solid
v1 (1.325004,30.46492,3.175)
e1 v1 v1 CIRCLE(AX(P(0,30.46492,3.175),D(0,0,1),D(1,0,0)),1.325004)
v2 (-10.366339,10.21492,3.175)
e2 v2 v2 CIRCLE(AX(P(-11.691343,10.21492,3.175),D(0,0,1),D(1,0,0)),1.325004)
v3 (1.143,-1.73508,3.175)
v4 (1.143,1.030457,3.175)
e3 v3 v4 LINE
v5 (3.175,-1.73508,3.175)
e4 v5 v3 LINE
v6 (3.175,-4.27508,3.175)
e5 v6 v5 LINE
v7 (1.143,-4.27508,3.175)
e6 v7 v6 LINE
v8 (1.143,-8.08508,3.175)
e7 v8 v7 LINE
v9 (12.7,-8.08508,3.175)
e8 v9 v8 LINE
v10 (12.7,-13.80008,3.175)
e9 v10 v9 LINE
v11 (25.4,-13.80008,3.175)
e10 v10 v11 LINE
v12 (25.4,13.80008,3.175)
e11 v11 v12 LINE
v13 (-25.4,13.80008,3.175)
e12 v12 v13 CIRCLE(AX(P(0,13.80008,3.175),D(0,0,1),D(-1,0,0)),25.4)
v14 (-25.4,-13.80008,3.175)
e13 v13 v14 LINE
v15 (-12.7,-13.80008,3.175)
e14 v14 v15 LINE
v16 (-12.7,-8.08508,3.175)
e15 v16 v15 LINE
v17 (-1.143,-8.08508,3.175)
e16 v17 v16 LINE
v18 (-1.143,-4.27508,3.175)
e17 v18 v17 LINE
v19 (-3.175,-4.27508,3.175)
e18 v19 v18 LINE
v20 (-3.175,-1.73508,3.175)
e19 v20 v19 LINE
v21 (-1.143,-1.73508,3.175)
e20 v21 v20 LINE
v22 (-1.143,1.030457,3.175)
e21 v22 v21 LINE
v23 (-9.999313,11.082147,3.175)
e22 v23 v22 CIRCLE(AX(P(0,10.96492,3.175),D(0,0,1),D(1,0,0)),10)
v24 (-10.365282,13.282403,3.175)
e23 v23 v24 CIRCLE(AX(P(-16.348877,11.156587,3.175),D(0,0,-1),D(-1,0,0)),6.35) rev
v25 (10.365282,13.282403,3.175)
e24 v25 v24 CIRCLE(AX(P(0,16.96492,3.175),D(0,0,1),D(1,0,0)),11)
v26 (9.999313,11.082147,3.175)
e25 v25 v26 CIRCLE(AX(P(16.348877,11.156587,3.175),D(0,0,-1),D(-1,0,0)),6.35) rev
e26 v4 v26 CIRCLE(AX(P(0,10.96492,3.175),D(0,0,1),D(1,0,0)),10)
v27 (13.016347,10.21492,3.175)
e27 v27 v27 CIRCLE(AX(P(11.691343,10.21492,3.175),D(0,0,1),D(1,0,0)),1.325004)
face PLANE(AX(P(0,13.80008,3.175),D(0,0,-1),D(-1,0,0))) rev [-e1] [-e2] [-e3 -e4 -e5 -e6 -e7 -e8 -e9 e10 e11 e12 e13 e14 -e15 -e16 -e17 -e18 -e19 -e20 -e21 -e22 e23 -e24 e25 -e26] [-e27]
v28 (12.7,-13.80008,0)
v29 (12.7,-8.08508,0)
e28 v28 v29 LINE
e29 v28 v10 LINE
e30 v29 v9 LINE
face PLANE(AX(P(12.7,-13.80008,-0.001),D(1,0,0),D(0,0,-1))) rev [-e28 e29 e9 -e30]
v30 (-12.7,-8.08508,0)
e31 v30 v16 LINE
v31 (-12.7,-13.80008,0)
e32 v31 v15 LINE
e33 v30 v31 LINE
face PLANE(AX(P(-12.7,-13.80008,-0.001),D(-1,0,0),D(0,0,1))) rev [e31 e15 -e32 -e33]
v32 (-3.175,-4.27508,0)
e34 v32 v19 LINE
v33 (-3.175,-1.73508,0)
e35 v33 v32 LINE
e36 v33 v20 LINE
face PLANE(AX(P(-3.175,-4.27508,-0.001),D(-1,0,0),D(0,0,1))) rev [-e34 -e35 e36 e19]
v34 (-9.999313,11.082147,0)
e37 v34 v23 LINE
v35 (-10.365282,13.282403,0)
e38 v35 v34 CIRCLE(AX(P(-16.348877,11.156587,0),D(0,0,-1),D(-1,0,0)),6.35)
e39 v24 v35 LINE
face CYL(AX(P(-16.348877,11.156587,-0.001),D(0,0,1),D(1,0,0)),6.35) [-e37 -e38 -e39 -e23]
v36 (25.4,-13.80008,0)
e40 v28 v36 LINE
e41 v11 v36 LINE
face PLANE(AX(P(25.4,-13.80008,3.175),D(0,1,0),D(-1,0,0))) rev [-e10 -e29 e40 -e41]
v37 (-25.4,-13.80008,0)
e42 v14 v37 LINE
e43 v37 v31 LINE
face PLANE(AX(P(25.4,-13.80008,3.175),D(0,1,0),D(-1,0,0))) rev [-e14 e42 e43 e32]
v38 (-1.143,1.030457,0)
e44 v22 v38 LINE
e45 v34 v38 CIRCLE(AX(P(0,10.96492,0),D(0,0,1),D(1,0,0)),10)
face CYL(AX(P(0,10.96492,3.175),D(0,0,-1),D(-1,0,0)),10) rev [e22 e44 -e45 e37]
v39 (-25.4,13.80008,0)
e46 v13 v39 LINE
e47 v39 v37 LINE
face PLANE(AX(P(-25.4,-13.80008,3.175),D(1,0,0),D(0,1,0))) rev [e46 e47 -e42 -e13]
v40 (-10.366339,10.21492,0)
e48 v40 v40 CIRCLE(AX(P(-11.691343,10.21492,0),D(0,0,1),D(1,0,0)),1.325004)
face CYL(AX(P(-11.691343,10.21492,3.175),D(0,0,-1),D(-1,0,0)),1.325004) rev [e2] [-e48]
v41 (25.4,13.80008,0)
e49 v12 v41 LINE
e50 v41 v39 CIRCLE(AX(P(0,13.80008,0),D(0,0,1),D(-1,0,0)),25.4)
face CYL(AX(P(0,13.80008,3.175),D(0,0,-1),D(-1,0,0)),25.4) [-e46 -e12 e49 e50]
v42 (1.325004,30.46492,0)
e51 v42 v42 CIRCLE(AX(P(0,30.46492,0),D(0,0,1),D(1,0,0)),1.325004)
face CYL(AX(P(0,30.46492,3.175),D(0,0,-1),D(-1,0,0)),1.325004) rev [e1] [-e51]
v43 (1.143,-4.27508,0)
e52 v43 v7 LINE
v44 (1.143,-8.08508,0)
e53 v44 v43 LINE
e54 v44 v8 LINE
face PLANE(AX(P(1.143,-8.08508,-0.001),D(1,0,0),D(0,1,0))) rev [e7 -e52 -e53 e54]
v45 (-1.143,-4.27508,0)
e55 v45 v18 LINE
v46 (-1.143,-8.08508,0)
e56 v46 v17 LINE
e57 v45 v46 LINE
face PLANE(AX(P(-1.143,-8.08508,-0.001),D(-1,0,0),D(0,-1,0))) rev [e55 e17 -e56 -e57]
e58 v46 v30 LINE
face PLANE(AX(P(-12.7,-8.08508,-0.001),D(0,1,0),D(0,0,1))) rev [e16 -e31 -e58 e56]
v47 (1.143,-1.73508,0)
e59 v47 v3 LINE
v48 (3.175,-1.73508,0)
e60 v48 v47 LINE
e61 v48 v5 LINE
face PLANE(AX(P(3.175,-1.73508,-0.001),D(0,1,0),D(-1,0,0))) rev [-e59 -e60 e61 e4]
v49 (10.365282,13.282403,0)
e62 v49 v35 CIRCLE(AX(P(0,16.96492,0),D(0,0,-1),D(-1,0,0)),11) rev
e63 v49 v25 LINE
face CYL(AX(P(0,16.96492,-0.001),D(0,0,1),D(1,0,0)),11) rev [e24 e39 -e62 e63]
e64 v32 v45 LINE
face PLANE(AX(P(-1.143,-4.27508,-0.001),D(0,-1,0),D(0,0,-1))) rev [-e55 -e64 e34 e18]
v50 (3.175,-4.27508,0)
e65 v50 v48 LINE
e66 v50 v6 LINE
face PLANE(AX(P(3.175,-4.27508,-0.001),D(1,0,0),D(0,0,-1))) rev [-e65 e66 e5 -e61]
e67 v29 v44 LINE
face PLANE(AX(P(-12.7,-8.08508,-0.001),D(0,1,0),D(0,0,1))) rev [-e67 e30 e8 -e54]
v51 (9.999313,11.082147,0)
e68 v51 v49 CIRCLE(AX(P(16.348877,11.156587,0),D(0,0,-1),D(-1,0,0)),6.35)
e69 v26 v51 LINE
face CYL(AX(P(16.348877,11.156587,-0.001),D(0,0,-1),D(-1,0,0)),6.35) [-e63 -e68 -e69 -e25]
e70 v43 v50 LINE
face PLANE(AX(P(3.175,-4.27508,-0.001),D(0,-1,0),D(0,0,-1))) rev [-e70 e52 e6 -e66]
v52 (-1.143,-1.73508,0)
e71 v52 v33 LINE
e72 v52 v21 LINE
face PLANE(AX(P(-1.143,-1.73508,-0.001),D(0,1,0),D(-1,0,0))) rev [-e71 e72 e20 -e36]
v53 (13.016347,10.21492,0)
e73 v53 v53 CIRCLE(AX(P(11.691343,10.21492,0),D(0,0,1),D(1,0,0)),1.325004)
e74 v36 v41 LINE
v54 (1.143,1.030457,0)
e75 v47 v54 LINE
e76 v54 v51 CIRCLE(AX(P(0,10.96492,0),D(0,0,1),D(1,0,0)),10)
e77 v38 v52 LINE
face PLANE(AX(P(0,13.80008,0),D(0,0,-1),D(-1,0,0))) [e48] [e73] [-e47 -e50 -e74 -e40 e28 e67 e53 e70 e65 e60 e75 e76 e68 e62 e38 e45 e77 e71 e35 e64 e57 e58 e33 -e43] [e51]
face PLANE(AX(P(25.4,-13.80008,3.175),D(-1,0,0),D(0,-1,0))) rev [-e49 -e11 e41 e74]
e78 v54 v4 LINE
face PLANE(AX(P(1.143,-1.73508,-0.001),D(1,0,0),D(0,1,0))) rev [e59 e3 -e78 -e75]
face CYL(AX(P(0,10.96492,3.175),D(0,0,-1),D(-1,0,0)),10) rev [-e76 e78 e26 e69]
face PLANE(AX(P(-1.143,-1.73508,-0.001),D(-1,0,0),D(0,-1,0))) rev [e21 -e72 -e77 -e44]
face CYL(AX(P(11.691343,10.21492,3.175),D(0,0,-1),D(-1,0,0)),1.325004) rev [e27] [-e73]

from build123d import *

# Parameters (mm, degrees)
BOSS_EXTRUDE1_DEPTH = 3.175
CUT_EXTRUDE1_REACH  = 48.818
SKETCH2_R           = 11
CUT_EXTRUDE2_REACH  = 48.818
SKETCH3_W           = 25.4
SKETCH3_H           = 5.715
CUT_EXTRUDE4_REACH  = 48.818
SKETCH6_R           = 1.3250037
CUT_EXTRUDE6_DEPTH  = 47.817591721
SKETCH7_R           = 10
CUT_EXTRUDE7_DEPTH  = 47.817591721
FILLET1_R           = 6.35


with BuildPart() as part:
    # Sketch1 → Boss-Extrude1 (new body)
    with BuildSketch(Plane.XY):
        with BuildLine():
            Line((25.4, -13.800079969), (-25.4, -13.800079969))
            Line((-25.4, -13.800079969), (-25.4, 13.800079969))
            ThreePointArc((-25.4, 13.800079969), (0, 39.200079969), (25.4, 13.800079969))
            Line((25.4, 13.800079969), (25.4, -13.800079969))
        make_face()
    extrude(amount=BOSS_EXTRUDE1_DEPTH)

    # Sketch2 → Cut-Extrude1 (cut, up to next)
    with BuildSketch(Plane.XY.offset(3.175), mode=Mode.PRIVATE) as cut_extrude1_sk1:
        with Locations((0, 16.964919969)):
            Circle(SKETCH2_R)
    cut_extrude1_tool1 = extrude(cut_extrude1_sk1.sketch, amount=-CUT_EXTRUDE1_REACH, mode=Mode.PRIVATE) & part.part
    add(cut_extrude1_tool1.solids().sort_by_distance((0, 16.96492, 3.175))[0], mode=Mode.SUBTRACT)

    # Sketch3 → Cut-Extrude2 (cut, up to next)
    with BuildSketch(Plane.XY.offset(3.175), mode=Mode.PRIVATE) as cut_extrude2_sk1:
        with Locations((0, -10.942579969)):
            Rectangle(SKETCH3_W, SKETCH3_H)
    cut_extrude2_tool1 = extrude(cut_extrude2_sk1.sketch, amount=-CUT_EXTRUDE2_REACH, mode=Mode.PRIVATE) & part.part
    add(cut_extrude2_tool1.solids().sort_by_distance((0, -10.94258, 3.175))[0], mode=Mode.SUBTRACT)

    # Sketch5 → Cut-Extrude4 (cut, up to next)
    with BuildSketch(Plane.XY.offset(3.175), mode=Mode.PRIVATE) as cut_extrude4_sk1:
        Polygon((3.175, -4.275079969), (1.143, -4.275079969), (1.143, -8.085079969), (-1.143, -8.085079969), (-1.143, -4.275079969), (-3.175, -4.275079969), (-3.175, -1.735079969), (-1.143, -1.735079969), (-1.143, 7.154920031), (1.143, 7.154920031), (1.143, -1.735079969), (3.175, -1.735079969), align=None)
    cut_extrude4_tool1 = extrude(cut_extrude4_sk1.sketch, amount=-CUT_EXTRUDE4_REACH, mode=Mode.PRIVATE) & part.part
    add(cut_extrude4_tool1.solids().sort_by_distance((0, -1.045651, 3.175))[0], mode=Mode.SUBTRACT)

    # Sketch6 → Cut-Extrude6 (cut, through all)
    with BuildSketch(Plane.XY):
        with Locations((0, 30.464919969)):
            Circle(SKETCH6_R)
        with Locations((11.691342951, 10.214919969)):
            Circle(SKETCH6_R)
        with Locations((-11.691342951, 10.214919969)):
            Circle(SKETCH6_R)
    extrude(amount=CUT_EXTRUDE6_DEPTH, mode=Mode.SUBTRACT)

    # Sketch7 → Cut-Extrude7 (cut, through all)
    with BuildSketch(Plane.XY):
        with Locations((0, 10.964920031)):
            Circle(SKETCH7_R)
    extrude(amount=CUT_EXTRUDE7_DEPTH, mode=Mode.SUBTRACT)

    # Fillet1
    fillet1_edges = [part.edges().sort_by_distance(p)[0] for p in [
        (9.921567423, 12.214919982, 1.5875),
        (-9.921567423, 12.214919982, 1.5875),
    ]]
    fillet(fillet1_edges, radius=FILLET1_R)


solid = part.part
